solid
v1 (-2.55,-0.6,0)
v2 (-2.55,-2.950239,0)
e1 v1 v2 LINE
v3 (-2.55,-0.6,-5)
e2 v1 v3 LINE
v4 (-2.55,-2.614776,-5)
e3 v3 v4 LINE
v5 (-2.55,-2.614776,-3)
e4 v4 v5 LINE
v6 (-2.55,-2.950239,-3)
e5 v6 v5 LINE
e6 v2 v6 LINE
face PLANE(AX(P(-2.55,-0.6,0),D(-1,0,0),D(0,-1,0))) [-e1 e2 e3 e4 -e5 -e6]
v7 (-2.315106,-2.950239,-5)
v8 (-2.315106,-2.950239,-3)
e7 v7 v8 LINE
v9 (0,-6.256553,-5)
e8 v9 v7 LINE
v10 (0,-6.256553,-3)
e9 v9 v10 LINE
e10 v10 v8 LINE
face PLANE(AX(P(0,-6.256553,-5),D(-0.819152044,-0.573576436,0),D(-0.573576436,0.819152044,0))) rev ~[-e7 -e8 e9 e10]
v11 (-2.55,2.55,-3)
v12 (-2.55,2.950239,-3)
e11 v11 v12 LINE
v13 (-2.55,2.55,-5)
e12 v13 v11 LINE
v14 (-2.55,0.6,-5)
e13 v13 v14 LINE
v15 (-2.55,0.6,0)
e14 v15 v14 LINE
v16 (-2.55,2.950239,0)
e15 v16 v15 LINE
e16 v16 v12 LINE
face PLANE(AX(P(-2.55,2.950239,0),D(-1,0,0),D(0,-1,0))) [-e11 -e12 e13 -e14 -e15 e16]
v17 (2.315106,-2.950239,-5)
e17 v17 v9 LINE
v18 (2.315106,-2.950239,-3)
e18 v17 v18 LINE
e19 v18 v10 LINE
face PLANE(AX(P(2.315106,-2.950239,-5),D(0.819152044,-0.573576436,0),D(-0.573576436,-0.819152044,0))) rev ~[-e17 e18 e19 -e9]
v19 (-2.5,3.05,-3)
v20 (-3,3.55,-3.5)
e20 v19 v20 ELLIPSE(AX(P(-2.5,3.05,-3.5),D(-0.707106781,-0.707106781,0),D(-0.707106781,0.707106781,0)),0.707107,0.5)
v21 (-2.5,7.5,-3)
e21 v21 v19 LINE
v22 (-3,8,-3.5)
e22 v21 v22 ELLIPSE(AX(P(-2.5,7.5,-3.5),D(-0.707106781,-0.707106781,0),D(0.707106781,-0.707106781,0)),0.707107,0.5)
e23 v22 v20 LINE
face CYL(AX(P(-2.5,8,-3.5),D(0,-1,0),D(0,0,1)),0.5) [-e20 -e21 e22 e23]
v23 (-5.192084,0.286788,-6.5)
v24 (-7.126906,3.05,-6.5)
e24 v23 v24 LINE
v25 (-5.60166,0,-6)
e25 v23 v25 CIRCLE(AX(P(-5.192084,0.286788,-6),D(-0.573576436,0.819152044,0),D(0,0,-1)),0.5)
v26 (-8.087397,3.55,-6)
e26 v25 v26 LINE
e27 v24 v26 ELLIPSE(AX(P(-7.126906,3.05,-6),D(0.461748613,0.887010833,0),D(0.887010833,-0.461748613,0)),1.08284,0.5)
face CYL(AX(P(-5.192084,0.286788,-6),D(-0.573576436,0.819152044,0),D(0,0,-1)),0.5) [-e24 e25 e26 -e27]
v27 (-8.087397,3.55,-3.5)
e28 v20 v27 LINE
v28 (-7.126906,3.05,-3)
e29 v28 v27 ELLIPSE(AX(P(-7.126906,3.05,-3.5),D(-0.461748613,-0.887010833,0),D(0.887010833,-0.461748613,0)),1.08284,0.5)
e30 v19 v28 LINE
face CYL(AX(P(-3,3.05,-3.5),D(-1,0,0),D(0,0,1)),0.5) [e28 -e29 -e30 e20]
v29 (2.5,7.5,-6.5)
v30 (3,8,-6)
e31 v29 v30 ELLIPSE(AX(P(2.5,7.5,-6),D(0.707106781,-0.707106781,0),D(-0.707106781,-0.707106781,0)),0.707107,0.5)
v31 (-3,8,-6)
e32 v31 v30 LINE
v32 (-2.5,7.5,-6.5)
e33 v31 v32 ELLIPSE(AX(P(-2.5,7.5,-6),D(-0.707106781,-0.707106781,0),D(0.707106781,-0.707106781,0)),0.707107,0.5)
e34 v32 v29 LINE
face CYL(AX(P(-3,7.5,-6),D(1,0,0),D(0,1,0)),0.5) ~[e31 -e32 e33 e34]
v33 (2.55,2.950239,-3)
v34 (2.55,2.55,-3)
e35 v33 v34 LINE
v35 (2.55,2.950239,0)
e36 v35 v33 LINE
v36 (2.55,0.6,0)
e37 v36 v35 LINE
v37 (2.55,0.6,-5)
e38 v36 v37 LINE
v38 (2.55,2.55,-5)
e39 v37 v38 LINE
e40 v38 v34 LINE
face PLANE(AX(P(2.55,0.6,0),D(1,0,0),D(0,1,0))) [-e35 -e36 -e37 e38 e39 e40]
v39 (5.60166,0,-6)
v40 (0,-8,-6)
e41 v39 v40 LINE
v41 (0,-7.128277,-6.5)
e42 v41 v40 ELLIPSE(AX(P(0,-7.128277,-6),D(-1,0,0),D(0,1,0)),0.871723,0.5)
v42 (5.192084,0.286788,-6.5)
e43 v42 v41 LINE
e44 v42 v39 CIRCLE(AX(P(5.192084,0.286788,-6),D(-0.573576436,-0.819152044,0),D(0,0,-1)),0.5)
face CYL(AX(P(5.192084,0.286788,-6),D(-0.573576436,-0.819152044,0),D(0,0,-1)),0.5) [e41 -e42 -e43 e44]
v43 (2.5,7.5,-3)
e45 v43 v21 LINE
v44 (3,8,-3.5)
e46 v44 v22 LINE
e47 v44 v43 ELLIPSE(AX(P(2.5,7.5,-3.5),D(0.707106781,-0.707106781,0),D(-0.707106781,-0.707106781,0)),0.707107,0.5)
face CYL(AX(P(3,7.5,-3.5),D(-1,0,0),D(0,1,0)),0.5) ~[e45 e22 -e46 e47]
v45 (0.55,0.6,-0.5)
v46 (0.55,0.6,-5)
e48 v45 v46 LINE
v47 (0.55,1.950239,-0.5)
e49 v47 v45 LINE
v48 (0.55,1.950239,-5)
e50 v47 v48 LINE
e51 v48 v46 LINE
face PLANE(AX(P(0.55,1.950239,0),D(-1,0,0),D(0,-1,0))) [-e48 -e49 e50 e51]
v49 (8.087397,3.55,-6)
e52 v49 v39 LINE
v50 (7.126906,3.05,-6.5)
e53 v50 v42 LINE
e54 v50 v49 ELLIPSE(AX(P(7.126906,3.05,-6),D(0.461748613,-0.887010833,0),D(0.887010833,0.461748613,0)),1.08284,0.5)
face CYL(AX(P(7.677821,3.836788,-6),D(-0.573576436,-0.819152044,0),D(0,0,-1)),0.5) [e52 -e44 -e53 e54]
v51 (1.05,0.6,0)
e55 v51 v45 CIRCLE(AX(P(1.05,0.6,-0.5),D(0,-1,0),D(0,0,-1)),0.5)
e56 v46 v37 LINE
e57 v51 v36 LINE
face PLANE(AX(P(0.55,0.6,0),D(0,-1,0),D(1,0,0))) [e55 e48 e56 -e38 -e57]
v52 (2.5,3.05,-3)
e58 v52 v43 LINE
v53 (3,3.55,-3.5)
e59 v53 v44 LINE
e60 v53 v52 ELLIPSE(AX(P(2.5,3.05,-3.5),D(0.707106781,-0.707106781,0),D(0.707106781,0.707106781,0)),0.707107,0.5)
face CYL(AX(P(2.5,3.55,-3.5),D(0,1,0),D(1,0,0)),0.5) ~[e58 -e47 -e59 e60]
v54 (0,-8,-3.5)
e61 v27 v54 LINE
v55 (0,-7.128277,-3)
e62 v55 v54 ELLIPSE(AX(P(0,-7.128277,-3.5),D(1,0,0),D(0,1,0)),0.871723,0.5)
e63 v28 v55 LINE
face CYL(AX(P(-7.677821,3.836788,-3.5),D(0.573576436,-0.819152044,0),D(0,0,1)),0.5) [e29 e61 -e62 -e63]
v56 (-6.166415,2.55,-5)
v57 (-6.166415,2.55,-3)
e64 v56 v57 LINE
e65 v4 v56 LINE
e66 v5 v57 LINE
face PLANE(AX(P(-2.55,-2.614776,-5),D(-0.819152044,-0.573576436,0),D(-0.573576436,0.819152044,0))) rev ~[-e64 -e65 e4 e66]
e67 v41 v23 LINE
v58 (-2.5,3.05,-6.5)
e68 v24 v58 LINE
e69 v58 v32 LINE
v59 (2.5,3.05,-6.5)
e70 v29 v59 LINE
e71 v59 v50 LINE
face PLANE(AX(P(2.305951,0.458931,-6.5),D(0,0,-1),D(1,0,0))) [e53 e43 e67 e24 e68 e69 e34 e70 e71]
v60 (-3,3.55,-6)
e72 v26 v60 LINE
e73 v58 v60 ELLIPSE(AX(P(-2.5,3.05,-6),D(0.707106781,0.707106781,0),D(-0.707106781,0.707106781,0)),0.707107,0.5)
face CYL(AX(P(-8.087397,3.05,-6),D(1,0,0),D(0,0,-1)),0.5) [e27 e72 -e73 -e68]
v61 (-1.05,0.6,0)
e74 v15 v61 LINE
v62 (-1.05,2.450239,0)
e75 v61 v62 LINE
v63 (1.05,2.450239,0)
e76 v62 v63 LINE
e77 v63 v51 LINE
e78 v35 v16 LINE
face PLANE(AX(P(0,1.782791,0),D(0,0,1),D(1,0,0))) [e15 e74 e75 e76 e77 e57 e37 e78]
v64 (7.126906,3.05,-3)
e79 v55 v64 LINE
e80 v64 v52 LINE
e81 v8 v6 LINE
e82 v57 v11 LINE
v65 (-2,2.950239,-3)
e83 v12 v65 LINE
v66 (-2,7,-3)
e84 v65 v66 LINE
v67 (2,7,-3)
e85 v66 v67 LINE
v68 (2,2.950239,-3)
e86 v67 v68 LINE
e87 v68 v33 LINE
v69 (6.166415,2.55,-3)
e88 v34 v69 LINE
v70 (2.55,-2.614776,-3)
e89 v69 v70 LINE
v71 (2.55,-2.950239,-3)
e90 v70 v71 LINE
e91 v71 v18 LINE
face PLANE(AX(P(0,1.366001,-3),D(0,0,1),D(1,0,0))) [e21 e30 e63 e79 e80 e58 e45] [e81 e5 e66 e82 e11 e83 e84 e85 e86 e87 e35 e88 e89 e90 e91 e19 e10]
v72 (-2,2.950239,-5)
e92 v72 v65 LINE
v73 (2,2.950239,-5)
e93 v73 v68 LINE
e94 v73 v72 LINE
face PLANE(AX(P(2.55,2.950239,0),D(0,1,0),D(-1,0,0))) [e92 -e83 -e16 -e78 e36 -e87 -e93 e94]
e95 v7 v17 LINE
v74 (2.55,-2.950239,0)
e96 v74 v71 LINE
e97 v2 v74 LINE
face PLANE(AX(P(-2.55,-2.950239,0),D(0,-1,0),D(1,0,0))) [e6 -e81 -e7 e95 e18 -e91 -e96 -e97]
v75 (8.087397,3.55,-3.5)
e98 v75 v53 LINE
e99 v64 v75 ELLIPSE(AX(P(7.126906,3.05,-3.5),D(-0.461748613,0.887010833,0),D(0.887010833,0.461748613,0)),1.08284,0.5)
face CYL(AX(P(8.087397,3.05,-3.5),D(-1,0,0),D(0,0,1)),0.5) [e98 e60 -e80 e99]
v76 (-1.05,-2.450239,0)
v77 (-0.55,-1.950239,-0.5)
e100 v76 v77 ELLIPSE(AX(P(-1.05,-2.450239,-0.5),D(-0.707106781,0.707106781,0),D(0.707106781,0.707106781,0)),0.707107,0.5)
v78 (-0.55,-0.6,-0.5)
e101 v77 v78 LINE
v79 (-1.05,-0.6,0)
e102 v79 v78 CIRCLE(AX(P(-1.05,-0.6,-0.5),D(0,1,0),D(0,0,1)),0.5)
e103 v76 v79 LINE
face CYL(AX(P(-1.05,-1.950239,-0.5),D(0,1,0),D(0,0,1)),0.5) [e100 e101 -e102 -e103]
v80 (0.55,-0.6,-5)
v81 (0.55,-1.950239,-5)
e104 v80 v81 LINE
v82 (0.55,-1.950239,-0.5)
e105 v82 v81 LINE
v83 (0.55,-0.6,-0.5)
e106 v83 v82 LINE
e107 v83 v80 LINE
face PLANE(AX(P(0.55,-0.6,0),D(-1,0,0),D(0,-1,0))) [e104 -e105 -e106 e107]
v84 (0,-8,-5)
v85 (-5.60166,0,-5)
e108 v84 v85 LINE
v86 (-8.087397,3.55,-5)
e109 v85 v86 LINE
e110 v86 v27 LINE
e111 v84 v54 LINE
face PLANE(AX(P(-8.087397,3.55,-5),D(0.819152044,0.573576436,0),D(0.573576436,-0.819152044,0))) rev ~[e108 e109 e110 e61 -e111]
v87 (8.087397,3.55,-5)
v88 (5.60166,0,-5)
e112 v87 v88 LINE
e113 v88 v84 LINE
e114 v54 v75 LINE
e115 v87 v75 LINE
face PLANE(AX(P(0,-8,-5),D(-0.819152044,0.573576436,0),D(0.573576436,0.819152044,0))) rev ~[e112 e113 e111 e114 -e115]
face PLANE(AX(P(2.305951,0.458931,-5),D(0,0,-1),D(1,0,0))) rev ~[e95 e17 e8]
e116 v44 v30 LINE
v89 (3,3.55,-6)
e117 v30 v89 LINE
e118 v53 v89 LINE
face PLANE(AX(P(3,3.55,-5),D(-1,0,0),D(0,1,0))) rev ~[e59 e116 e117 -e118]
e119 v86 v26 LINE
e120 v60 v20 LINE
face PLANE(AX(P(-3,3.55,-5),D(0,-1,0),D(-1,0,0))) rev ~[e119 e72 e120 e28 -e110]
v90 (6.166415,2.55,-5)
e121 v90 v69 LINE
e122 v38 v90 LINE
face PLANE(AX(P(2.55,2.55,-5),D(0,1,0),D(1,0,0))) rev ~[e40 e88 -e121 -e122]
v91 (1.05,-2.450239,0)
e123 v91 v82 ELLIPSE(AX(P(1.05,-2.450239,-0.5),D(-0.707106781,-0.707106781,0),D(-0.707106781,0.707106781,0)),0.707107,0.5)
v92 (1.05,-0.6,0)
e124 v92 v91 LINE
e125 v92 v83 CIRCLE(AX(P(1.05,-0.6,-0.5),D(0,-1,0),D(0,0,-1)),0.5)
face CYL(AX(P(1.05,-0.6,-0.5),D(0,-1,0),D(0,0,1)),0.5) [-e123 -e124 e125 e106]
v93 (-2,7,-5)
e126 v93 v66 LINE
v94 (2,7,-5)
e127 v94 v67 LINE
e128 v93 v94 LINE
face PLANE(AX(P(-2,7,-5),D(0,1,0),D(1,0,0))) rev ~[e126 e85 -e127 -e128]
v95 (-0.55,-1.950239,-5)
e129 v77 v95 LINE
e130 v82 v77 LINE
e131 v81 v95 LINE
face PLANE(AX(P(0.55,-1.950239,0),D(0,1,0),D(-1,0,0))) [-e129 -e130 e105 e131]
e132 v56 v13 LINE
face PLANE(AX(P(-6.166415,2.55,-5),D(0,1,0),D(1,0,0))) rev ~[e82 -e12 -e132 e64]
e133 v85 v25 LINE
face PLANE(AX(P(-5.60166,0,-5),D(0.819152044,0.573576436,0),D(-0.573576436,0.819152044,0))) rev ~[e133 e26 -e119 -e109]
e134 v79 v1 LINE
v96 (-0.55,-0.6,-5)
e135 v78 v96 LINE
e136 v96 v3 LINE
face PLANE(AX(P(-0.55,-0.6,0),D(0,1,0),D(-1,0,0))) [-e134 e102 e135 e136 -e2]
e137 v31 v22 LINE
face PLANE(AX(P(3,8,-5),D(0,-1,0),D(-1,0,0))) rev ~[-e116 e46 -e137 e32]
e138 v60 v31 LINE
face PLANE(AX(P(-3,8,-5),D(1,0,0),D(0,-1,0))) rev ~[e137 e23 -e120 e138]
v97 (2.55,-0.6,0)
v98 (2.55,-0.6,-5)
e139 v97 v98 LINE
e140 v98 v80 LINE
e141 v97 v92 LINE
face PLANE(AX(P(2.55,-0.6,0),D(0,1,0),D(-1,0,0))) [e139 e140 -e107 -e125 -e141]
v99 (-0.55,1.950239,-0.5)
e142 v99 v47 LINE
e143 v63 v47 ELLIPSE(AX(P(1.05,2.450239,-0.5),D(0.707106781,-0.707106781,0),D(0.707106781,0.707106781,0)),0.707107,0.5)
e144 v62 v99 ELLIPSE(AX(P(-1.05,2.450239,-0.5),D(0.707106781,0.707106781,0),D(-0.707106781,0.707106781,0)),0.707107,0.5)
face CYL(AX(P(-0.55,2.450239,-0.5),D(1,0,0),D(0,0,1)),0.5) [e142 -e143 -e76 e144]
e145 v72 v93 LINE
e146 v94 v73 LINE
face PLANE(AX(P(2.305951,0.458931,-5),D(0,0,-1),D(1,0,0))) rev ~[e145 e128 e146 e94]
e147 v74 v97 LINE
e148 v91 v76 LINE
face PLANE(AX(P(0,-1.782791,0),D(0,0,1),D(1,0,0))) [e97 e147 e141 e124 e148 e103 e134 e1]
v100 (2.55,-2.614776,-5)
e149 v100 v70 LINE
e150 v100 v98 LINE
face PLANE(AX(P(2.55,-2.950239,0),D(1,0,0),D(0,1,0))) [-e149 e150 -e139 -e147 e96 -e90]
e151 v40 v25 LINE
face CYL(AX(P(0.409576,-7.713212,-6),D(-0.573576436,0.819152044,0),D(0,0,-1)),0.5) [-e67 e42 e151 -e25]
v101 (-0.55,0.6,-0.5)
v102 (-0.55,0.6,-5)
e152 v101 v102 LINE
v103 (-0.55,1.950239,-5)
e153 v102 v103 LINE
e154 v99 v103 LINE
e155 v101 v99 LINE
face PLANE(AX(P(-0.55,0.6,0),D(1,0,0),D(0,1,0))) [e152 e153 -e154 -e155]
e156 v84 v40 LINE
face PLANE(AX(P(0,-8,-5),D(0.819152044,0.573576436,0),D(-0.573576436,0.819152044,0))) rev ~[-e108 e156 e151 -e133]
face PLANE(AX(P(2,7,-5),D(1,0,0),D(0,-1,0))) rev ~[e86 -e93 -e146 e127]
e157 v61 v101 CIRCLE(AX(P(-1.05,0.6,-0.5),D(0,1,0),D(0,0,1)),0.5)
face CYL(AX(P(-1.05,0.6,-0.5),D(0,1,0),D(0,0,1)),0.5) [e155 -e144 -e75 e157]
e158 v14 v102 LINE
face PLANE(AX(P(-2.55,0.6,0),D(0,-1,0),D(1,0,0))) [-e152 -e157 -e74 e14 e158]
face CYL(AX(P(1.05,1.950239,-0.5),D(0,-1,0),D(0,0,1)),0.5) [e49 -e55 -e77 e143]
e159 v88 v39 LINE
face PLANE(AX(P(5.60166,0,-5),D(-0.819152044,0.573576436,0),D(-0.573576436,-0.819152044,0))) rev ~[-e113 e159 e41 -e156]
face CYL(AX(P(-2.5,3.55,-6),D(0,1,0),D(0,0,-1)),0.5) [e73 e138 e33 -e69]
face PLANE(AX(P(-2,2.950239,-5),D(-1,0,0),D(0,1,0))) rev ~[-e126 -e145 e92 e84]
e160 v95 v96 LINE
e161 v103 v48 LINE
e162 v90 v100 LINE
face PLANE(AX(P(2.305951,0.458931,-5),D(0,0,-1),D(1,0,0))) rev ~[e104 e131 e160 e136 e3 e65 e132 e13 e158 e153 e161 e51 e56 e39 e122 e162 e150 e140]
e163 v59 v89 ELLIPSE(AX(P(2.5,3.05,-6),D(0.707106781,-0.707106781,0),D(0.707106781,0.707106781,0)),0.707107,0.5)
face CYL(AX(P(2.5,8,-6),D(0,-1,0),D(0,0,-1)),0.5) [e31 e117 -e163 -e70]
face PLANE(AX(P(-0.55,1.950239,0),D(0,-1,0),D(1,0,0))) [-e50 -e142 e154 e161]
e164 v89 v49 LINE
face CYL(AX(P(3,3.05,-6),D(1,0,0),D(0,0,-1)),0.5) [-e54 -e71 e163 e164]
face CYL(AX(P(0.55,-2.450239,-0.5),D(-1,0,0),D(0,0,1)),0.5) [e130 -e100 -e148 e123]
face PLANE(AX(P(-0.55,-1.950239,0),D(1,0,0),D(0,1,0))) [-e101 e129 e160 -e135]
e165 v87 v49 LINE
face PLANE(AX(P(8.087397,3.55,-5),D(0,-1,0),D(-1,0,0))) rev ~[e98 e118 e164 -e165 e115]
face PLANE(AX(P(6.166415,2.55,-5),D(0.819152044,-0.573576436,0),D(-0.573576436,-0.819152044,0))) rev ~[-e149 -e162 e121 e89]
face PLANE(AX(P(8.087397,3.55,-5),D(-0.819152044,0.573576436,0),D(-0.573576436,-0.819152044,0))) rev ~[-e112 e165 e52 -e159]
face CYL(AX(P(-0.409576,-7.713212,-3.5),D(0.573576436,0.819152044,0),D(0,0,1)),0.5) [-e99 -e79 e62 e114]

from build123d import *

# Parameters (mm, degrees)
F1_DEPTH = 5
F3_DEPTH = 1.5
F5_DEPTH = 2
F6_R     = 0.5
F7_R     = 0.5
F8_R     = 0.5


with BuildPart() as f1:
    # F0 (on Top) → F1 (new body)
    with BuildSketch(Plane.XY):
        Polygon((-0.55, 0.6), (-0.55, 1.9502386091), (0.55, 1.9502386091), (0.55, 0.6), (2.0002388261, 0.6), (2.55, 0.6), (2.55, 2.9502386091), (0, 2.9502386091), (-2.55, 2.9502386091), (-2.55, 0.6), (-2.0002388261, 0.6), align=None)
    extrude(amount=-F1_DEPTH)



with BuildPart() as f1b:
    # F0 (on Top) → F1, piece 2 (new body)
    with BuildSketch(Plane.XY):
        Polygon((-0.55, -0.6), (-2.0002388261, -0.6), (-2.55, -0.6), (-2.55, -2.9502386091), (0, -2.9502386091), (2.55, -2.9502386091), (2.55, -0.6), (2.0002388261, -0.6), (0.55, -0.6), (0.55, -1.9502386091), (-0.55, -1.9502386091), align=None)
    extrude(amount=-F1_DEPTH)


with BuildPart() as f1_1:
    add(f1.part)

    add(f1b.part)  # F3 merges F1b
    # F2 (on face) → F3 (join)
    with BuildSketch(Plane(origin=(0, 0, -5), x_dir=(1, 0, 0), z_dir=(0, 0, -1))):
        Polygon((0, 1.9502386091), (0, 0), (0, -8), (3, -8), (3, -3.55), (8.0873970663, -3.55), (5.6016603057, 0), (0, 8), (0, 2.9502386091), (2.55, 2.9502386091), (2.55, 0.6), (0.55, 0.6), (0.55, 1.9502386091), align=None)
        Polygon((0, -8), (0, 0), (0, 1.9502386091), (-0.55, 1.9502386091), (-0.55, 0.6), (-2.55, 0.6), (-2.55, 2.9502386091), (0, 2.9502386091), (0, 8), (-5.6016603057, 0), (-8.0873970663, -3.55), (-3, -3.55), (-3, -8), align=None)
        Polygon((-0.55, 1.9502386091), (0, 1.9502386091), (0, 2.9502386091), (-2.55, 2.9502386091), (-2.55, 0.6), (-0.55, 0.6), align=None)
        Polygon((0, 2.9502386091), (0, 1.9502386091), (0.55, 1.9502386091), (0.55, 0.6), (2.55, 0.6), (2.55, 2.9502386091), align=None)
    extrude(amount=F3_DEPTH)

    # F4 (on face) → F5 (join)
    with BuildSketch(Plane.XY.offset(-5)):
        Polygon((3, 8), (-3, 8), (-3, 3.55), (-8.0873970663, 3.55), (0, -8), (8.0873970663, 3.55), (3, 3.55), align=None)
        Polygon((2.3151064033, -2.9502386091), (0, -6.2565532044), (-2.3151064033, -2.9502386091), (-2.55, -2.9502386091), (-2.55, -2.6147757872), (-6.1664149394, 2.55), (-3, 2.55), (-2.55, 2.55), (-2.55, 2.9502386091), (-2, 2.9502386091), (-2, 3.55), (-2, 7), (2, 7), (2, 3.55), (2, 2.9502386091), (2.55, 2.9502386091), (2.55, 2.55), (3, 2.55), (6.1664149394, 2.55), (2.55, -2.6147757872), (2.55, -2.9502386091), align=None, mode=Mode.SUBTRACT)
    extrude(amount=F5_DEPTH)

    # F6
    f6_edges = [f1_1.edges().sort_by_distance(p)[0] for p in [
        (5.543699, 3.55, -6.5),
        (3, 5.775, -6.5),
        (0, 8, -6.5),
        (-3, 5.775, -6.5),
        (-5.543699, 3.55, -6.5),
        (-4.043699, -2.225, -6.5),
        (4.043699, -2.225, -6.5),
    ]]
    fillet(f6_edges, radius=F6_R)

    # F7
    f7_edges = [f1_1.edges().sort_by_distance(p)[0] for p in [
        (4.043699, -2.225, -3),
        (-4.043699, -2.225, -3),
        (-5.543699, 3.55, -3),
        (-3, 5.775, -3),
        (0, 8, -3),
        (3, 5.775, -3),
        (5.543699, 3.55, -3),
    ]]
    fillet(f7_edges, radius=F7_R)

    # F8
    f8_edges = [f1_1.edges().sort_by_distance(p)[0] for p in [
        (-0.55, 1.275119, 0),
        (0, 1.950239, 0),
        (0.55, 1.275119, 0),
        (-0.55, -1.275119, 0),
        (0, -1.950239, 0),
        (0.55, -1.275119, 0),
    ]]
    fillet(f8_edges, radius=F8_R)


solid = f1_1.part
